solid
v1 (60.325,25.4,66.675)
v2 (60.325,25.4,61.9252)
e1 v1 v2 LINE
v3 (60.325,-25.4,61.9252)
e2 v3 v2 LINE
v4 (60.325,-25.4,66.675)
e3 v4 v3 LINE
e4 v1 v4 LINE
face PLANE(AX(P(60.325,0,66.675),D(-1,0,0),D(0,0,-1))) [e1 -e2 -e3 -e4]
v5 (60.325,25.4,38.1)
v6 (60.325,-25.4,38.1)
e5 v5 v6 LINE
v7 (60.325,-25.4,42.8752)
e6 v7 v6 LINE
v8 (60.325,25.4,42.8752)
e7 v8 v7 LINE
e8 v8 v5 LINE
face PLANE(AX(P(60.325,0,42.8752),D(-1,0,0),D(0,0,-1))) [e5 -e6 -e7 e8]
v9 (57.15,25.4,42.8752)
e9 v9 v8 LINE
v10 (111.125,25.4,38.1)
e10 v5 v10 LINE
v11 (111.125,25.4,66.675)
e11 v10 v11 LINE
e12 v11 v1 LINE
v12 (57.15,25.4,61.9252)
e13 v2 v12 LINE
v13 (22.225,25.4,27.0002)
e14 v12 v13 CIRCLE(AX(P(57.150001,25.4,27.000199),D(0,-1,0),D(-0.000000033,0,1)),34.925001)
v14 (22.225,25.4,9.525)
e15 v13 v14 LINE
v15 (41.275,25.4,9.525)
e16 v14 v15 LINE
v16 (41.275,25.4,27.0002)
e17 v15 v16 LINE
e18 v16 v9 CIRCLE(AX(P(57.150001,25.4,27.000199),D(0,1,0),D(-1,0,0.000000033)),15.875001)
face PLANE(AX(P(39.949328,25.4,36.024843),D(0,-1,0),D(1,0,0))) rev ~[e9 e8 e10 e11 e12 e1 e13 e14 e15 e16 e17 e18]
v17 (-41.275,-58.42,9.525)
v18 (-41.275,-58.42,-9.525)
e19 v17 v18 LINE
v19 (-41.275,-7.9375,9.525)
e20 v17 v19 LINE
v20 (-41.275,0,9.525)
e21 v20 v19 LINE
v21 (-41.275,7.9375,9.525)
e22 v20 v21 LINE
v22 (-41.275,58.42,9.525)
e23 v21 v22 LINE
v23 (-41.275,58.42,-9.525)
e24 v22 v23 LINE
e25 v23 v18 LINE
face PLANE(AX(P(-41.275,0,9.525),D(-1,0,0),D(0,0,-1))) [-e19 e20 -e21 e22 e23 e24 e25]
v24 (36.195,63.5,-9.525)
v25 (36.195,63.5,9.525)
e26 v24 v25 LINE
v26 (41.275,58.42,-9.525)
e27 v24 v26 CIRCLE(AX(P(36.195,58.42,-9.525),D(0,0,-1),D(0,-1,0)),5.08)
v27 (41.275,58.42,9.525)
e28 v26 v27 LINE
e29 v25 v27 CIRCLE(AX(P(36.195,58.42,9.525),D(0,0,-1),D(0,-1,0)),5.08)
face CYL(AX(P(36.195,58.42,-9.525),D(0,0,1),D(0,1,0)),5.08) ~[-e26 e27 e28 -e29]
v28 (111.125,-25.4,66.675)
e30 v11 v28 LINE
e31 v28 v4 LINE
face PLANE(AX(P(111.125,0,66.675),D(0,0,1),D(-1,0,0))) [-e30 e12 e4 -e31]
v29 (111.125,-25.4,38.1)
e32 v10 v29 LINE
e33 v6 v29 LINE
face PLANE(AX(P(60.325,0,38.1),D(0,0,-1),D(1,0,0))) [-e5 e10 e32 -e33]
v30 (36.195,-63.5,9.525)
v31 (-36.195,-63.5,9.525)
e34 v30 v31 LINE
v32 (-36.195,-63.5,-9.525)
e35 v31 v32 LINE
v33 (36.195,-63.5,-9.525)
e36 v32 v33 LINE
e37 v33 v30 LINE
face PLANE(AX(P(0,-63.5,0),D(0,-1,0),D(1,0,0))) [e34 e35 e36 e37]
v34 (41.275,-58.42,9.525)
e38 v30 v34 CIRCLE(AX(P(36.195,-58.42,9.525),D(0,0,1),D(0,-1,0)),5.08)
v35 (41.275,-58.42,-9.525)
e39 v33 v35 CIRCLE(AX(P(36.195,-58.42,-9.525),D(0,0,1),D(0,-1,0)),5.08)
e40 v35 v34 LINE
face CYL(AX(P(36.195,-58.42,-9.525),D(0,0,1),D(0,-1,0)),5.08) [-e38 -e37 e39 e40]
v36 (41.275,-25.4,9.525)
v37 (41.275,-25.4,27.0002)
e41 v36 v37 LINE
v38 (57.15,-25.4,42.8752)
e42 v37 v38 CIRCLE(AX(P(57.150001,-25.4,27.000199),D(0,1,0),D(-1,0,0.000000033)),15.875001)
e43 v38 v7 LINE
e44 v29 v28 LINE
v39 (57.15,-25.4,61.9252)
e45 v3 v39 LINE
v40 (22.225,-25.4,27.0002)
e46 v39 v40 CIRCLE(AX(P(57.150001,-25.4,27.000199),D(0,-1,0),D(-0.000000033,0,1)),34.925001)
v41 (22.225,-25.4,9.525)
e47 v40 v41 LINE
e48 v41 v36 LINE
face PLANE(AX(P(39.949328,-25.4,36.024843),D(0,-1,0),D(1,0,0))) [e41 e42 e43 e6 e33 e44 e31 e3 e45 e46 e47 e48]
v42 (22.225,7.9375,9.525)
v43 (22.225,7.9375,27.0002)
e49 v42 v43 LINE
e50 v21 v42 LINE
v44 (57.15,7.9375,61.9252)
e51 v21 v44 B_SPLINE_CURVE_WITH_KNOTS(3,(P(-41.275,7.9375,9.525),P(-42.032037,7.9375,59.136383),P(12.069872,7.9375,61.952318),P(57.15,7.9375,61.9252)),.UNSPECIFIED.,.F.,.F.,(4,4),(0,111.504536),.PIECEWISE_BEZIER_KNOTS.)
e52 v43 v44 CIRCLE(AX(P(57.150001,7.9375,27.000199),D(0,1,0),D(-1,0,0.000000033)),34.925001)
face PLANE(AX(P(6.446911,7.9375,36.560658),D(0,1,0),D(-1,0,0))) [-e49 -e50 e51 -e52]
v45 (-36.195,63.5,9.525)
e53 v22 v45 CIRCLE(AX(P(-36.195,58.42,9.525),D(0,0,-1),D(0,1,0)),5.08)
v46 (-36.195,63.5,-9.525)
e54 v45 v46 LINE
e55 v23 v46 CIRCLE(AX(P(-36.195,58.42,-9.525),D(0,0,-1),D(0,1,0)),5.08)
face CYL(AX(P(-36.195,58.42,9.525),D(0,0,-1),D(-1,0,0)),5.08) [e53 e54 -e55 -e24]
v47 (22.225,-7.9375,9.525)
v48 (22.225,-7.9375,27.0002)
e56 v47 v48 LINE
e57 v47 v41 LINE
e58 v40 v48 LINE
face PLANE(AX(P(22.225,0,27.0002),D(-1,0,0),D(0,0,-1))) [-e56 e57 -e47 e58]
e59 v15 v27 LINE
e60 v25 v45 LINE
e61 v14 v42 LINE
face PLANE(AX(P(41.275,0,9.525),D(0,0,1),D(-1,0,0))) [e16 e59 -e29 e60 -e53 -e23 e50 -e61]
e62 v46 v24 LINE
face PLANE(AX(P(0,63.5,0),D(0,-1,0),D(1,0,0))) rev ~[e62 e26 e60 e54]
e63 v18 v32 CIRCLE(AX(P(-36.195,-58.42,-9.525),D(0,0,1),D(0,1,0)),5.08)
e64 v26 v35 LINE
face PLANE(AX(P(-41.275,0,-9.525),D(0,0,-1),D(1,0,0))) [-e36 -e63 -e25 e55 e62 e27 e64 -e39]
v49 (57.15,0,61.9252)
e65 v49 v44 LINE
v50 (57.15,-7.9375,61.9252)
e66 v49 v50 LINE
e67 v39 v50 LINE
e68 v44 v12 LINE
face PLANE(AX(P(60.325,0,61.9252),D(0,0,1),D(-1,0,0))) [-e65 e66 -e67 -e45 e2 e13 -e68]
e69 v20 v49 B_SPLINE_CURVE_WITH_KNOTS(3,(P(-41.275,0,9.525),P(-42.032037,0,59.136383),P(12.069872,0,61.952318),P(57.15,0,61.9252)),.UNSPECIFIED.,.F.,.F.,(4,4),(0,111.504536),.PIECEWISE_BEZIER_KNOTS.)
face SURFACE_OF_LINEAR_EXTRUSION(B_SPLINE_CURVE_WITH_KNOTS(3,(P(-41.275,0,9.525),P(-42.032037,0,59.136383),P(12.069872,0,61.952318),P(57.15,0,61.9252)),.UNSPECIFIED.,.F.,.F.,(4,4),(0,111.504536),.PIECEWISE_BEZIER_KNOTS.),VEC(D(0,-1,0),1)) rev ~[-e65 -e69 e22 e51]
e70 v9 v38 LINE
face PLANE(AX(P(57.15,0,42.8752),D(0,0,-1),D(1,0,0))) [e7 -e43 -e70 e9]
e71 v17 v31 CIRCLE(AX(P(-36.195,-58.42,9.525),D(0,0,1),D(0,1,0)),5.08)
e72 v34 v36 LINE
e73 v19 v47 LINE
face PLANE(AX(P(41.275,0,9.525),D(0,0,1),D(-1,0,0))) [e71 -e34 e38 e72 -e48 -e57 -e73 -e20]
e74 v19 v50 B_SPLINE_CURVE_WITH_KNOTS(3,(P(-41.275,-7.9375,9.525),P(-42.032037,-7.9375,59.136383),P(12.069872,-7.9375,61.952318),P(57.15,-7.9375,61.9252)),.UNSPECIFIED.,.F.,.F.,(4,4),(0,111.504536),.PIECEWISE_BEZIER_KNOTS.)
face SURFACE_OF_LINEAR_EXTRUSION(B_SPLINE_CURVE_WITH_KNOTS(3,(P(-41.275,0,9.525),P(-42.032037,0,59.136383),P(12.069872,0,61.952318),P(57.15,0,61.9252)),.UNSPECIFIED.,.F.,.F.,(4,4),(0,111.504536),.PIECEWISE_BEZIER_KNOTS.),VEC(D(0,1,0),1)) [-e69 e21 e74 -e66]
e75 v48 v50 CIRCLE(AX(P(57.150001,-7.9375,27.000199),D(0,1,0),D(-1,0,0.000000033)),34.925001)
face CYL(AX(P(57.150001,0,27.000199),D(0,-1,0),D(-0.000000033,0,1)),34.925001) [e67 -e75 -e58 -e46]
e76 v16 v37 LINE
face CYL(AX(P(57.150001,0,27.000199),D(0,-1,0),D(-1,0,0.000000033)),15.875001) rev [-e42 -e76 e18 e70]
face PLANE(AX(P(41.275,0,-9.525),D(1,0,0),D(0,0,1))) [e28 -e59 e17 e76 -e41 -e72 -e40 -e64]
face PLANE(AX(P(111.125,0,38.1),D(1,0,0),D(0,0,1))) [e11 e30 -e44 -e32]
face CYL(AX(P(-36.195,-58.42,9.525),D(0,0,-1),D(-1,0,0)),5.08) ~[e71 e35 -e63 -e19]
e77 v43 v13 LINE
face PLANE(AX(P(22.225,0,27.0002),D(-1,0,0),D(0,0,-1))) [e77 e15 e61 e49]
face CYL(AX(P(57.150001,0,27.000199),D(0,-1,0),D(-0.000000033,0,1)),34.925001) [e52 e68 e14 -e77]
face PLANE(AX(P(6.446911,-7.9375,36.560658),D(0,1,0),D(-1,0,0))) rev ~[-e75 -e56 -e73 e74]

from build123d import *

# Parameters (mm, degrees)
F1_DEPTH = 63.5
F2_DEPTH = 25.4
F3_DEPTH = 7.9375
F4_R     = 5.08


with BuildPart() as f1:
    # F0 (on Front) → F1 (new body, symmetric)
    with BuildSketch(Plane.XZ):
        Polygon((22.225, 9.525), (-41.275, 9.525), (-41.275, -9.525), (41.275, -9.525), (41.275, 9.525), align=None)
    extrude(amount=F1_DEPTH, both=True)

    # F0 (on Front) → F2 (join, symmetric)
    with BuildSketch(Plane.XZ):
        with BuildLine():
            Line((22.225, 27.0002), (22.225, 9.525))
            Line((22.225, 9.525), (41.275, 9.525))
            Line((41.275, 9.525), (41.275, 27.0002))
            ThreePointArc((41.275, 27.0002), (45.92468, 38.22552), (57.15, 42.8752))
            Line((57.15, 42.8752), (60.325, 42.8752))
            Line((60.325, 42.8752), (60.325, 61.9252))
            Line((60.325, 61.9252), (57.15, 61.9252))
            ThreePointArc((57.15, 61.9252), (32.454296, 51.695904), (22.225, 27.0002))
        make_face()
        Polygon((60.325, 66.675), (60.325, 61.9252), (60.325, 42.8752), (60.325, 38.1), (111.125, 38.1), (111.125, 66.675), align=None)
    extrude(amount=F2_DEPTH, both=True)

    # F0 (on Front) → F3 (join, symmetric)
    with BuildSketch(Plane.XZ):
        with BuildLine():
            add(Edge.make_bspline(
                [(-41.275, 9.525), (-42.032037, 59.136383), (12.069872, 61.952318), (57.15, 61.9252)],
                knots=[0, 0, 0, 0, 111.504536, 111.504536, 111.504536, 111.504536], degree=3))
            Line((-41.275, 9.525), (22.225, 9.525))
            Line((22.225, 9.525), (22.225, 27.0002))
            ThreePointArc((22.225, 27.0002), (32.454296, 51.695904), (57.15, 61.9252))
        make_face()
    extrude(amount=F3_DEPTH, both=True)

    # F4
    f4_edges = [f1.edges().sort_by_distance(p)[0] for p in [
        (-41.275, -63.5, 0),
        (41.275, -63.5, 0),
        (41.275, 63.5, 0),
        (-41.275, 63.5, 0),
    ]]
    fillet(f4_edges, radius=F4_R)


solid = f1.part
